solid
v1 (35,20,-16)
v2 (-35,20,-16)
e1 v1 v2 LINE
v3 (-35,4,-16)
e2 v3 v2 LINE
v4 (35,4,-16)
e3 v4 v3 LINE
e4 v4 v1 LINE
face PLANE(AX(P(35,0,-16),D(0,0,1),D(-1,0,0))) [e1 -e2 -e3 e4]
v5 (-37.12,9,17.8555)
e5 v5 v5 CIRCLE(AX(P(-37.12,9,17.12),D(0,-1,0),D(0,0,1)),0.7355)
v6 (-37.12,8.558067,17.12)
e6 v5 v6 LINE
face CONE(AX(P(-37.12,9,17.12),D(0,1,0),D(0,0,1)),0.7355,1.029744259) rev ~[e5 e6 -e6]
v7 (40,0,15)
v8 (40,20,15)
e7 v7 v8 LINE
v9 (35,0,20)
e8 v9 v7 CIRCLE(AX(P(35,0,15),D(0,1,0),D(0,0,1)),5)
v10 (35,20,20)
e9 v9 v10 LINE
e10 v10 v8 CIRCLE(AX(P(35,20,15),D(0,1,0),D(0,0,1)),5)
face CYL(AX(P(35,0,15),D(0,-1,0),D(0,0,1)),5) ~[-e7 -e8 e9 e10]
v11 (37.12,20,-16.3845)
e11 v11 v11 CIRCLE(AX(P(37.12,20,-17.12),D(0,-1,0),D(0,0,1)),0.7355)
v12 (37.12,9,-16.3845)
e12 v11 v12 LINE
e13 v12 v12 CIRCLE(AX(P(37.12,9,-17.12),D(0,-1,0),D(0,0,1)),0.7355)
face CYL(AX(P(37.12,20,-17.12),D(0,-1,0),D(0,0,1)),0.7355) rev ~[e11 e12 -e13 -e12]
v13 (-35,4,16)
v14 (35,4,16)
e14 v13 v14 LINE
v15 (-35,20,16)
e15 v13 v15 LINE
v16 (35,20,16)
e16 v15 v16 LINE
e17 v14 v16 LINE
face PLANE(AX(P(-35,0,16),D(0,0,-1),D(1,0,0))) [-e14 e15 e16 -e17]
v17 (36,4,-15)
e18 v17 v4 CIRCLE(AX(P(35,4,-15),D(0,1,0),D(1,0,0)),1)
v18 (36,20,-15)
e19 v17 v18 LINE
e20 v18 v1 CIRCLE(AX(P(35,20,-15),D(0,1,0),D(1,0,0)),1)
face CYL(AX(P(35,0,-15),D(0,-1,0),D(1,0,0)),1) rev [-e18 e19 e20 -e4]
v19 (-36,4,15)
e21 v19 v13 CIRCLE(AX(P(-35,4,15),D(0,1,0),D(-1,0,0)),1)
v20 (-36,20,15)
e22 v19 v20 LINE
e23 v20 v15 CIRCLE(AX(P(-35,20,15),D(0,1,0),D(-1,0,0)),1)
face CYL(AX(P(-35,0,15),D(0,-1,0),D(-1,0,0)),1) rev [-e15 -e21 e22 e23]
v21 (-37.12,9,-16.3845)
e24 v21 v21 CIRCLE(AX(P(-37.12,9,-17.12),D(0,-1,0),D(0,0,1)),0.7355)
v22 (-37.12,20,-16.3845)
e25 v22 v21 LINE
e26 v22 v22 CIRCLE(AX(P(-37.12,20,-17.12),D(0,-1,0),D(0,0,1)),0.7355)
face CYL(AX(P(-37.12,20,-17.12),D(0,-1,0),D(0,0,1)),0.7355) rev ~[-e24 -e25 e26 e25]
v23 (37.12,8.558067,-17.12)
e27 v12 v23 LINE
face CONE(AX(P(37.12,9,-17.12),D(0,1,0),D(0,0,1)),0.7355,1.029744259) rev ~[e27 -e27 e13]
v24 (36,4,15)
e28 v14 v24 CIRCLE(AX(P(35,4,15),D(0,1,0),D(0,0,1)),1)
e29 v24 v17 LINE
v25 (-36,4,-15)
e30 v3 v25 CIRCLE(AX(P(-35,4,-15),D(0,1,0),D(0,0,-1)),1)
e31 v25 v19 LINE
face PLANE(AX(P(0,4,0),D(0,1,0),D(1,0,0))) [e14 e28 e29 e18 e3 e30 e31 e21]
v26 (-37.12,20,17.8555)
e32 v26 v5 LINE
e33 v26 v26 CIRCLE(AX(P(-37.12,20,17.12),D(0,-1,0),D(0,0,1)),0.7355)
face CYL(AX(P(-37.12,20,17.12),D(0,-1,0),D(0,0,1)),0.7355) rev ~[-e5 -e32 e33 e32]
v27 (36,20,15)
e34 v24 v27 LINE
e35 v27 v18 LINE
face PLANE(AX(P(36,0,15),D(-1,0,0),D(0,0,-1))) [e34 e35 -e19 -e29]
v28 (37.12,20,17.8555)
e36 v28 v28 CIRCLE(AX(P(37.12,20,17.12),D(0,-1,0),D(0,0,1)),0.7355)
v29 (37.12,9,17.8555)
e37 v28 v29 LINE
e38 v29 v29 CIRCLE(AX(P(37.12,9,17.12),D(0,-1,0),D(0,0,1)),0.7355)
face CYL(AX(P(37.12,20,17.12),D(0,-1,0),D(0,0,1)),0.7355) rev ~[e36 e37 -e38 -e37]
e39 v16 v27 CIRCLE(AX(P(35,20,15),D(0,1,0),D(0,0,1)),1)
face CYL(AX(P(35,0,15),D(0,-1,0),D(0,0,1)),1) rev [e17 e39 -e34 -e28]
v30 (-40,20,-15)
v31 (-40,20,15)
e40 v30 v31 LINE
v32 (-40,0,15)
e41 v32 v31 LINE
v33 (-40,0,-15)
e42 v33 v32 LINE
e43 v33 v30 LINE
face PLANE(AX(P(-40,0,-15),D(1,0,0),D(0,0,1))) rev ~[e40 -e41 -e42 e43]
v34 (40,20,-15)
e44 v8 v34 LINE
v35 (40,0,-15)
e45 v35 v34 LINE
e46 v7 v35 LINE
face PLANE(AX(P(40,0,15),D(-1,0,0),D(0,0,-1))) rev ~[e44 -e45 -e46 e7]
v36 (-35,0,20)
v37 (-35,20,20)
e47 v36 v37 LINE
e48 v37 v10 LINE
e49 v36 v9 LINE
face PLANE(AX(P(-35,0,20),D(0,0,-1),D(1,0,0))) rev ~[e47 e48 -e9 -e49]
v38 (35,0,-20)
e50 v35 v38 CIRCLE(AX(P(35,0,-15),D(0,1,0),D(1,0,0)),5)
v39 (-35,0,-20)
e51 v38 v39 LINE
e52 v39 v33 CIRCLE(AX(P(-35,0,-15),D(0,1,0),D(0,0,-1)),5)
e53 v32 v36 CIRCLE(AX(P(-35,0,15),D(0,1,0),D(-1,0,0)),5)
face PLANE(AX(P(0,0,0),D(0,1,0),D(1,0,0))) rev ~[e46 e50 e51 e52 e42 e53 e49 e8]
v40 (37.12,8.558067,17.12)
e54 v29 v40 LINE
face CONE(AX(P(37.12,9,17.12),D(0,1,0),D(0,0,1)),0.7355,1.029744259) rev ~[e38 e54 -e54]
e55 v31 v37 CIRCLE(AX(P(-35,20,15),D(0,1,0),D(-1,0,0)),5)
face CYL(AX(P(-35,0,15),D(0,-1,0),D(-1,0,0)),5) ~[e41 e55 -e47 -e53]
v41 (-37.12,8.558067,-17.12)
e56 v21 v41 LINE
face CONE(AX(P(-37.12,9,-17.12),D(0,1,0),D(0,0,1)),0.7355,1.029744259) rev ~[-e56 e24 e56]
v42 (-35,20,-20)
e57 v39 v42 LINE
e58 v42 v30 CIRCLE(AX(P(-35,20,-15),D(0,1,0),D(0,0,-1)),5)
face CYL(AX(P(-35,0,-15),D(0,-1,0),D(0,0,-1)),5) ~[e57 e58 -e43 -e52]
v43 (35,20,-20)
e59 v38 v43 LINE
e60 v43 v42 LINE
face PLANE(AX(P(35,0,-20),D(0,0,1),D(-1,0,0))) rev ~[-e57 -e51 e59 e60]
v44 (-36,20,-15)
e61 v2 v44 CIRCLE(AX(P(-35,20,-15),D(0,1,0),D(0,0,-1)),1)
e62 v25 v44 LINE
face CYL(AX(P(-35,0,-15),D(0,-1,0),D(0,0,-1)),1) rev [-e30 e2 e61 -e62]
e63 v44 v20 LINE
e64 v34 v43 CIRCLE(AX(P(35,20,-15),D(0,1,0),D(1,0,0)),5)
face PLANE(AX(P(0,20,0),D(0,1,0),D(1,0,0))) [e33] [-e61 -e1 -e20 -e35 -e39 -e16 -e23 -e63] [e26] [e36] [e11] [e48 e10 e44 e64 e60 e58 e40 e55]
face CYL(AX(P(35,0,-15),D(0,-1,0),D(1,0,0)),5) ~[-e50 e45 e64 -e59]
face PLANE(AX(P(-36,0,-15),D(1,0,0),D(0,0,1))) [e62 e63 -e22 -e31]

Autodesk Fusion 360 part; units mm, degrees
sketch "Sketch1" plane through (0, 0, 0) normal (0, 1, 0) x (1, 0, 0)
  line L0 (35, 20) -> (-35, 20)
  line L1 (-40, 15) -> (-40, -15)
  line L2 (-35, -20) -> (35, -20)
  line L3 (40, -15) -> (40, 15)
  line L4 (40, 20) -> (-40, -20) construction
  line L5 (-40, 20) -> (40, -20) construction
  arc A0 (-35, 20) -> (-40, 15) centre (-35, 15) ccw
  arc A1 (40, 15) -> (35, 20) centre (35, 15) ccw
  arc A2 (35, -20) -> (40, -15) centre (35, -15) ccw
  arc A3 (-40, -15) -> (-35, -20) centre (-35, -15) ccw
  line L6 (-36, 15) -> (-36, -15)
  arc A4 (-36, -15) -> (-35, -16) centre (-35, -15) ccw
  line L7 (-35, -16) -> (35, -16)
  arc A5 (35, -16) -> (36, -15) centre (35, -15) ccw
  line L8 (36, -15) -> (36, 15)
  arc A6 (36, 15) -> (35, 16) centre (35, 15) ccw
  line L9 (35, 16) -> (-35, 16)
  arc A7 (-35, 16) -> (-36, 15) centre (-35, 15) ccw
  dimension "d1" = 80
  dimension "d2" = 40
  dimension "d3" = 5
  dimension "d4" = -4
extrude "Extrude1" add sketch "Sketch1" along normal blind 4 contours L6 A4 L7 A5 L8 A6 L9 A7
extrude "Extrude2" add sketch "Sketch1" along normal blind 20
sketch "Sketch2" plane through (0, 20, 0) normal (0, 1, 0) x (-1, 0, 0)
  arc A0 (35, -16) -> (36, -15) centre (35, -15) ccw
  line L0 (35, -16) -> (-35, -16)
  arc A1 (-36, -15) -> (-35, -16) centre (-35, -15) ccw
  line L1 (-36, -15) -> (-36, 15)
  arc A2 (-35, 16) -> (-36, 15) centre (-35, 15) ccw
  line L2 (-35, 16) -> (35, 16)
  arc A3 (36, 15) -> (35, 16) centre (35, 15) ccw
  line L3 (36, 15) -> (36, -15)
  arc A4 (40, 15) -> (35, 20) centre (35, 15) ccw
  line L4 (35, 20) -> (-35, 20)
  arc A5 (-35, 20) -> (-40, 15) centre (-35, 15) ccw
  line L5 (-40, 15) -> (-40, -15)
  arc A6 (-40, -15) -> (-35, -20) centre (-35, -15) ccw
  line L6 (-35, -20) -> (35, -20)
  arc A7 (35, -20) -> (40, -15) centre (35, -15) ccw
  line L7 (40, -15) -> (40, 15)
  line L8 (37.12, 17.12) -> (-37.12, 17.12)
  line L9 (-37.12, 17.12) -> (-37.12, -17.12)
  line L10 (-37.12, -17.12) -> (37.12, -17.12)
  line L11 (37.12, -17.12) -> (37.12, 17.12)
  line L12 (37.12, 17.12) -> (-37.12, -17.12) construction
  line L13 (-37.12, 17.12) -> (37.12, -17.12) construction
  dimension "d9" = 74.24
  dimension "d10" = 34.24
hole "Hole1" at (37.12, 20, 17.12) at (-37.12, 20, 17.12) at (-37.12, 20, -17.12) at (37.12, 20, -17.12) direction (0, -1, 0) diameter 1.471 depth 11 tip angle 118
